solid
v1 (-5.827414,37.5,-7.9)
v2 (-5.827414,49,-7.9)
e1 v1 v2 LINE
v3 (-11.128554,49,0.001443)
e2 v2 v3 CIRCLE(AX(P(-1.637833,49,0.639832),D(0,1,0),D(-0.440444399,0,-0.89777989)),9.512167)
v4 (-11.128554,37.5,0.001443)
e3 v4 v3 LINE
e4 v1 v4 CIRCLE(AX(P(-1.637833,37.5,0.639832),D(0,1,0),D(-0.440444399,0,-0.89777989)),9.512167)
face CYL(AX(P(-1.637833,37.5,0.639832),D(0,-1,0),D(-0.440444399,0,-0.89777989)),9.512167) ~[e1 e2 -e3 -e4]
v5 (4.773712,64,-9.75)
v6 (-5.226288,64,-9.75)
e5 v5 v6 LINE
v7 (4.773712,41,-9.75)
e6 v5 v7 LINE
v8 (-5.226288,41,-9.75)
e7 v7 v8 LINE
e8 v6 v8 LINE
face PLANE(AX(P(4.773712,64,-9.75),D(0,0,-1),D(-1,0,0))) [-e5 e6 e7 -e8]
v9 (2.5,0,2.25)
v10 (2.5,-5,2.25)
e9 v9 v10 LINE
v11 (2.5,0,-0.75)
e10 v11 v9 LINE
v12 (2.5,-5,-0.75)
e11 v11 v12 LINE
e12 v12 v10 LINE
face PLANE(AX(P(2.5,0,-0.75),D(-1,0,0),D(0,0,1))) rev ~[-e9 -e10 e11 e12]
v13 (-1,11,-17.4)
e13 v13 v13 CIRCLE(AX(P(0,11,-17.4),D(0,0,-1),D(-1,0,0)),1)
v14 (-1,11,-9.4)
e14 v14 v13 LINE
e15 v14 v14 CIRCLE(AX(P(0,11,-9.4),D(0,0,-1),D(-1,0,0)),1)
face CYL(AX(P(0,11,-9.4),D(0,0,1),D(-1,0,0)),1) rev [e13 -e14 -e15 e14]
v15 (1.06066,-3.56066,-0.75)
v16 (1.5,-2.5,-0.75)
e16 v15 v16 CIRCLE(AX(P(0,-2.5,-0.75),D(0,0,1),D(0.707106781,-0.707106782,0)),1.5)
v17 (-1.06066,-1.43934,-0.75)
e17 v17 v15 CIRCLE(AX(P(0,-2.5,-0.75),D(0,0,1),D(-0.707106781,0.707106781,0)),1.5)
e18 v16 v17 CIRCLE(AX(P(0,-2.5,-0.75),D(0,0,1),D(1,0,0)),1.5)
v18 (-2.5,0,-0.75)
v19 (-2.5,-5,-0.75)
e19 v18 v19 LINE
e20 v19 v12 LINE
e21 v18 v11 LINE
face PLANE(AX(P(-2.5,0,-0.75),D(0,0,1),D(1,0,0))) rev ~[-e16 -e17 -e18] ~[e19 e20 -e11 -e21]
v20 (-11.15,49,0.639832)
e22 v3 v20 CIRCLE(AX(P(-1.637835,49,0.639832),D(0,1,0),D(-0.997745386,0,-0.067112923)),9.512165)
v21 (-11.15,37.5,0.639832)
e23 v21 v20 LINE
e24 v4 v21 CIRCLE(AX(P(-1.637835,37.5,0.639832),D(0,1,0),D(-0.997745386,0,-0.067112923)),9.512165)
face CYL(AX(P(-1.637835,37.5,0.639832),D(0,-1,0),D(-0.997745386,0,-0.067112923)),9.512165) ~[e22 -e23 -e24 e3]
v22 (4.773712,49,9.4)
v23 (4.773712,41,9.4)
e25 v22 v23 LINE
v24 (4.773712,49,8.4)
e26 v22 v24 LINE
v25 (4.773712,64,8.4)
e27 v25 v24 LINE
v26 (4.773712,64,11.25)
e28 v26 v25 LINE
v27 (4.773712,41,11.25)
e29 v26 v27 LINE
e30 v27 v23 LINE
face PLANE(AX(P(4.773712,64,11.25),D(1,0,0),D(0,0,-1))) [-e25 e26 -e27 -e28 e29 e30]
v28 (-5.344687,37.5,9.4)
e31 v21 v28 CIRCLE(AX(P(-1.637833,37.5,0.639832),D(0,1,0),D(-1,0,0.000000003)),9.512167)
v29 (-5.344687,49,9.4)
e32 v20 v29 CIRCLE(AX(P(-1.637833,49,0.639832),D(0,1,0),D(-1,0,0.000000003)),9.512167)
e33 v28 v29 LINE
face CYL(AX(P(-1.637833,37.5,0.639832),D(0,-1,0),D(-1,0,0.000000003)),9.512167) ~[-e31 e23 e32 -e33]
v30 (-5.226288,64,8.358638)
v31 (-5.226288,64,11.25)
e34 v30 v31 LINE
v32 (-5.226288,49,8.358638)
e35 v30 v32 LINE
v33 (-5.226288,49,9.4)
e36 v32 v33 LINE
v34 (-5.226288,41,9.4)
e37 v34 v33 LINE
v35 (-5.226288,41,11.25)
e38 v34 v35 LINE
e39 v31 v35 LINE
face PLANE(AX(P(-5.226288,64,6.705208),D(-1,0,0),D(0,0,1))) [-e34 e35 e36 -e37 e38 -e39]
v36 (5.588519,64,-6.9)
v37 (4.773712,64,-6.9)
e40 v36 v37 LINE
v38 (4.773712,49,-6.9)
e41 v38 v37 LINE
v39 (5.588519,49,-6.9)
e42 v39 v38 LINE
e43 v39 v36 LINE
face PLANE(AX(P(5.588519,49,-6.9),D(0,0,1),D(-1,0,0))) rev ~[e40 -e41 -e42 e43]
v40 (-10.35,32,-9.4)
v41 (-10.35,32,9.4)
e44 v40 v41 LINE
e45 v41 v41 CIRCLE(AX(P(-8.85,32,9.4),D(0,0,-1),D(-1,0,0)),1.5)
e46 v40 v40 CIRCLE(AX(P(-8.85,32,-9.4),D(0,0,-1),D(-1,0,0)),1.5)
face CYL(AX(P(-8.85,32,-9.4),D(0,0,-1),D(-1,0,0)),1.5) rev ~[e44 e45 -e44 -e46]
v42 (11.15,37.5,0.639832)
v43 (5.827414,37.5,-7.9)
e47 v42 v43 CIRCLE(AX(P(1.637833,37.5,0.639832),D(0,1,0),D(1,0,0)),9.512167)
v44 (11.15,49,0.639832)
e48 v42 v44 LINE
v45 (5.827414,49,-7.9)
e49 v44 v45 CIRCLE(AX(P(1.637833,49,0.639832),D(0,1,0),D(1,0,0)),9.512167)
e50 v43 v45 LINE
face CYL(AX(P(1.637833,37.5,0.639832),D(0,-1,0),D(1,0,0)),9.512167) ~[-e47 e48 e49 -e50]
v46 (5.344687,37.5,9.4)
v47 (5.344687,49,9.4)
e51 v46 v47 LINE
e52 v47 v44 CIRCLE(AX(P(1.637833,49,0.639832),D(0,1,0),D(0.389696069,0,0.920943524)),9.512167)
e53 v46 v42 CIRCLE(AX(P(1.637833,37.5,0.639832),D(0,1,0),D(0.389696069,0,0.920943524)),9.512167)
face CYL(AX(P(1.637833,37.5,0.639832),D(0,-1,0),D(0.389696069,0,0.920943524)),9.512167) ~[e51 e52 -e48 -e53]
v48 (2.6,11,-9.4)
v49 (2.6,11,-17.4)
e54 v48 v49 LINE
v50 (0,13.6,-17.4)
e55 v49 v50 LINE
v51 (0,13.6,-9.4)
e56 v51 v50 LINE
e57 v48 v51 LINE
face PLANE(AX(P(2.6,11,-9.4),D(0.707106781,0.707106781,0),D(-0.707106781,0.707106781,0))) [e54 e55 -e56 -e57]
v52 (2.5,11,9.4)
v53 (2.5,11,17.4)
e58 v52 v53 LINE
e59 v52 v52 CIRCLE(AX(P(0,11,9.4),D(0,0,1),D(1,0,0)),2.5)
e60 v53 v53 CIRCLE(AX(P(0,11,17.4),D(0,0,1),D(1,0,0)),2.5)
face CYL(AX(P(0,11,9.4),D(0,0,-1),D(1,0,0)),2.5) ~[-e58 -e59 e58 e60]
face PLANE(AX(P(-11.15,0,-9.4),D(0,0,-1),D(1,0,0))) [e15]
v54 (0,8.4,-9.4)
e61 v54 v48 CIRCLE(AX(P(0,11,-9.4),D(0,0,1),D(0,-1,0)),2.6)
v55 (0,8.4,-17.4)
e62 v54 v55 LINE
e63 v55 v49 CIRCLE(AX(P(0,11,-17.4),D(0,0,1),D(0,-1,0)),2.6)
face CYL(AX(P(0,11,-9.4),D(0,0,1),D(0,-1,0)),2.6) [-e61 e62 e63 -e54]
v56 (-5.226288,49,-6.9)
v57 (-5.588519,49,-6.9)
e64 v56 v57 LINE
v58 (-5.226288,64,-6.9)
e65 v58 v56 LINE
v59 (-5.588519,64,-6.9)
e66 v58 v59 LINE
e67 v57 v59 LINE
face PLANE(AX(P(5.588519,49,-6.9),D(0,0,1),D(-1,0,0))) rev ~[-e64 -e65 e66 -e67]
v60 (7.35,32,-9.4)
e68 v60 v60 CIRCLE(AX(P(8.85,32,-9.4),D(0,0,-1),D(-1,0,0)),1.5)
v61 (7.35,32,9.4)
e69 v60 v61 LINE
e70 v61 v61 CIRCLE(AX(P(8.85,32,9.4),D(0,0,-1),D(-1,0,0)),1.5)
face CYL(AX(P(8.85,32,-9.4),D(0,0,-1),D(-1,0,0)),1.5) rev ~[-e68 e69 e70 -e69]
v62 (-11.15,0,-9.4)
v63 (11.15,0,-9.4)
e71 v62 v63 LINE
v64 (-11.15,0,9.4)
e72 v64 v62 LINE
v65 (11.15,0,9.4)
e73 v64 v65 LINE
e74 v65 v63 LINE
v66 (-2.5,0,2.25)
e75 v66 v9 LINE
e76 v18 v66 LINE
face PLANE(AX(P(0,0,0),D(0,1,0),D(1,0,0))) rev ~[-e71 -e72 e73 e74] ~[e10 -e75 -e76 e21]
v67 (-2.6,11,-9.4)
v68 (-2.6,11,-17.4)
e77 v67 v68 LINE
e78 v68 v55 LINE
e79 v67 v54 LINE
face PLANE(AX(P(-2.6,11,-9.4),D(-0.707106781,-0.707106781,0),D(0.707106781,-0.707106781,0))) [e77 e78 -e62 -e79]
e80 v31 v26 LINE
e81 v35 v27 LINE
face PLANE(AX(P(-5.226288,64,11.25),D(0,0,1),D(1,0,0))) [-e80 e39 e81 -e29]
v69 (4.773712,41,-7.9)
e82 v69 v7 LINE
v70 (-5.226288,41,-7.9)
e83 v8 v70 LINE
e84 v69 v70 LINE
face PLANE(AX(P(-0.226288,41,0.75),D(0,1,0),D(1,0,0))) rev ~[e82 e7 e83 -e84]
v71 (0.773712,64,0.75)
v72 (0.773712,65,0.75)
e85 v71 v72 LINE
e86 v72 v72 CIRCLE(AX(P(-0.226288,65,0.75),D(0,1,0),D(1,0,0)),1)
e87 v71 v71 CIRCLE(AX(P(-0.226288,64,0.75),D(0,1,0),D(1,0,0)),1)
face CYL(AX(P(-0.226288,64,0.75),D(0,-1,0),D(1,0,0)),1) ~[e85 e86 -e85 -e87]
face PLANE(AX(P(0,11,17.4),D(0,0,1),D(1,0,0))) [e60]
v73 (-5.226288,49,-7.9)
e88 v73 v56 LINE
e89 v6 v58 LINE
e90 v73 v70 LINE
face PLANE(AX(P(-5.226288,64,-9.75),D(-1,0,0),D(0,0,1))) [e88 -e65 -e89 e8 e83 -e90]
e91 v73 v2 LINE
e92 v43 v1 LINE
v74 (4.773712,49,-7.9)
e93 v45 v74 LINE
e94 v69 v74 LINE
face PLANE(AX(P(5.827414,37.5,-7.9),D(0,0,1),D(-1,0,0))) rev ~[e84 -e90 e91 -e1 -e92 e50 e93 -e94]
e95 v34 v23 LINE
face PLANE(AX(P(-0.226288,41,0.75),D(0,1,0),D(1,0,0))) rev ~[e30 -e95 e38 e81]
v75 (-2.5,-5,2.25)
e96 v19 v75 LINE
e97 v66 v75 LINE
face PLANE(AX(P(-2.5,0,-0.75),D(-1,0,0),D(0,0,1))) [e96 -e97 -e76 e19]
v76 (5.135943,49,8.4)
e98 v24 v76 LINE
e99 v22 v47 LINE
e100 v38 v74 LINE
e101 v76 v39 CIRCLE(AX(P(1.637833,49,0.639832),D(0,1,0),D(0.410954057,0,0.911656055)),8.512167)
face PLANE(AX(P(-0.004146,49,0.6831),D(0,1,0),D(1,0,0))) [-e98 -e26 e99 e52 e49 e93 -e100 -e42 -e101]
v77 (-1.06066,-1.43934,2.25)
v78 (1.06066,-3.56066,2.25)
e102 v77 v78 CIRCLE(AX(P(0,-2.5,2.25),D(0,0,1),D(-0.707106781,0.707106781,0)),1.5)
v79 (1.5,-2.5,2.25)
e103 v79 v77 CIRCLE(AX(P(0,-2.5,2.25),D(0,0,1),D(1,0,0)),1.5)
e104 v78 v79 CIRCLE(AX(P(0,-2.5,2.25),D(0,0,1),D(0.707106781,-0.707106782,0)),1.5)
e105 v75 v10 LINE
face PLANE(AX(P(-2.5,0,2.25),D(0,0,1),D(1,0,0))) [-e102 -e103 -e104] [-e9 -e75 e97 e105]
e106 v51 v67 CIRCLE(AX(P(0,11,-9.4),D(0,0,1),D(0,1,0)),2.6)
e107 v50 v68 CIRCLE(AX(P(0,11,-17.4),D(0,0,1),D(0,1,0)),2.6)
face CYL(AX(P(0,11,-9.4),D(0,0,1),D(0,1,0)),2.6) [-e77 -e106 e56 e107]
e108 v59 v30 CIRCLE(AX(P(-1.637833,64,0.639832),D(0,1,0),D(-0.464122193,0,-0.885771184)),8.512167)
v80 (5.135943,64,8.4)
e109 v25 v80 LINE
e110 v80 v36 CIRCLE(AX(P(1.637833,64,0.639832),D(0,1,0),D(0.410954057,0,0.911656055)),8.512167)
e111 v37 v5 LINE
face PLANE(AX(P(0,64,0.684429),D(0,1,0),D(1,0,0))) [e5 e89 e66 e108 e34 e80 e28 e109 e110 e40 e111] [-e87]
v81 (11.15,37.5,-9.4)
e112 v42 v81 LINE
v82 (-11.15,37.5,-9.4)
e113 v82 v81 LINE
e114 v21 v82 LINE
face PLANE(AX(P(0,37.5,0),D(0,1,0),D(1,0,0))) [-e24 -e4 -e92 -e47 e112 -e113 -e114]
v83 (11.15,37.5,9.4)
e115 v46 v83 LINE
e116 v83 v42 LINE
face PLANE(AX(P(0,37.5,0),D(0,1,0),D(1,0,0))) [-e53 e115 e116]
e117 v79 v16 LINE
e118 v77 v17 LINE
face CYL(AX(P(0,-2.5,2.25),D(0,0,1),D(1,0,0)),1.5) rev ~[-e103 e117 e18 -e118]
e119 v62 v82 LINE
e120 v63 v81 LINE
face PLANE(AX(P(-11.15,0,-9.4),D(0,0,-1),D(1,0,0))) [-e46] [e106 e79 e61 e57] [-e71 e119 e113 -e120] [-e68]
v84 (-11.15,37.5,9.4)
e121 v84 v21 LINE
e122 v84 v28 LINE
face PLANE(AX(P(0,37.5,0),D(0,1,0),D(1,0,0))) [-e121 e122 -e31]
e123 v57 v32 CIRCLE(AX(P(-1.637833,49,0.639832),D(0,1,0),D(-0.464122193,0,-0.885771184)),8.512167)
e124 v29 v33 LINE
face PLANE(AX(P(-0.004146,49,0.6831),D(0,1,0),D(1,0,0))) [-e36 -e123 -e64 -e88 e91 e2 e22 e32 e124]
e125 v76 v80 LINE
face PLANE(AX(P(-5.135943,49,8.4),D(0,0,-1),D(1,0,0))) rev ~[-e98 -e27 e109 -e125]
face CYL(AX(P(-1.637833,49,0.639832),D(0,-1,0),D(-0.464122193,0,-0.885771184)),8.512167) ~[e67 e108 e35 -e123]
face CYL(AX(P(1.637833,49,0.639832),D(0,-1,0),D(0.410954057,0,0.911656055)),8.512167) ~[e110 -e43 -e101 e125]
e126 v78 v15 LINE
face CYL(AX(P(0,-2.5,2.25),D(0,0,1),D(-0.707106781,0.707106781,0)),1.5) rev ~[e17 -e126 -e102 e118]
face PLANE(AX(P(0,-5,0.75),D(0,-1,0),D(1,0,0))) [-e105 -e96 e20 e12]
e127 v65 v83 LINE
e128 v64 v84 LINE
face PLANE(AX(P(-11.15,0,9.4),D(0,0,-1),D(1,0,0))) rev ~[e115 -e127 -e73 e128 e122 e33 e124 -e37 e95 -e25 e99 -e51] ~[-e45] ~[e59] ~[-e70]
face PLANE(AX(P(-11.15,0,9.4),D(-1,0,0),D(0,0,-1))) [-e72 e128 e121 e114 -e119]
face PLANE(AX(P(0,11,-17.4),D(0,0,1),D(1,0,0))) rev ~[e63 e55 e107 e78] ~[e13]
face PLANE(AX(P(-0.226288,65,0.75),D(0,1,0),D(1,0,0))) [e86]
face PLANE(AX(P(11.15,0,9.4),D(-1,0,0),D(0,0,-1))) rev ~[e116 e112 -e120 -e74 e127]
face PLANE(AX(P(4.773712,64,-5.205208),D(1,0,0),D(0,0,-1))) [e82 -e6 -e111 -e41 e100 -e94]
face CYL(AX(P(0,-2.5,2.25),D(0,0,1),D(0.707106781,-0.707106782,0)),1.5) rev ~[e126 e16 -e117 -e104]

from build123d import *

# Parameters (mm, degrees)
SKETCH_1_W          = 22.3
SKETCH_1_H          = 18.8
EXTRUDE_1_DEPTH     = 37.5
EXTRUDE_2_DEPTH     = 11.5
EXTRUDE_3_DEPTH     = 15
SKETCH_6_R          = 1
EXTRUDE_5_DEPTH     = 1
SKETCH_7_W          = 5
SKETCH_7_H          = 3
EXTRUDE_6_DEPTH     = 5
CUT_EXTRUDE_1_DEPTH = 12.65
SKETCH_9_R          = 1
EXTRUDE_7_DEPTH     = 8
SKETCH_10_R         = 2.5
EXTRUDE_8_DEPTH     = 8
EXTRUDE_9_DEPTH     = 23
SKETCH_12_R         = 1.5
CUT_EXTRUDE_2_DEPTH = 27.8


with BuildPart() as part:
    # 草图1 → 凸台-拉伸1 (new body)
    with BuildSketch(Plane(origin=(0, 0, 0), x_dir=(1, 0, 0), z_dir=(0, 1, 0))):
        Rectangle(SKETCH_1_W, SKETCH_1_H)
    extrude(amount=EXTRUDE_1_DEPTH)

    # 草图2 → 凸台-拉伸2 (add)
    with BuildSketch(Plane(origin=(0, 37.5, 0), x_dir=(1, 0, 0), z_dir=(0, 1, 0))):
        with BuildLine():
            Line((-5.34468737, -9.4), (5.34468737, -9.4))
            ThreePointArc((5.34468737, -9.4), (9.566941985, -5.894406054), (11.15, -0.63983183))
            ThreePointArc((11.15, -0.63983183), (9.710419772, 4.391536027), (5.827413939, 7.9))
            Line((5.827413939, 7.9), (0, 7.9))
            Line((0, 7.9), (-5.827413939, 7.9))
            ThreePointArc((-5.827413939, 7.9), (-9.536938213, 4.659739509), (-11.12855374, -0.001442574))
            ThreePointArc((-11.12855374, -0.001442574), (-11.144636924, -0.320457147), (-11.15, -0.639831856))
            ThreePointArc((-11.15, -0.639831856), (-9.566941978, -5.894406065), (-5.34468737, -9.4))
        make_face()
    extrude(amount=EXTRUDE_2_DEPTH)

    # 草图3 → 凸台-拉伸3 (add)
    with BuildSketch(Plane(origin=(0, 49, 0), x_dir=(1, 0, 0), z_dir=(0, 1, 0))):
        with BuildLine():
            Line((-5.135942831, -8.4), (5.135942831, -8.4))
            ThreePointArc((5.135942831, -8.4), (10.146278436, -0.891512764), (5.588518865, 6.9))
            Line((5.588518865, 6.9), (-5.588518865, 6.9))
            ThreePointArc((-5.588518865, 6.9), (-10.146278436, -0.891512764), (-5.135942831, -8.4))
        make_face()
    extrude(amount=EXTRUDE_3_DEPTH)

    # 草图6 → 凸台-拉伸5 (add)
    with BuildSketch(Plane(origin=(0, 64, 0), x_dir=(1, 0, 0), z_dir=(0, 1, 0))):
        with Locations((-0.226288017, -0.75)):
            Circle(SKETCH_6_R)
    extrude(amount=EXTRUDE_5_DEPTH)

    # 草图7 → 凸台-拉伸6 (add)
    with BuildSketch(Plane.XZ):
        with Locations((0, 0.75)):
            Rectangle(SKETCH_7_W, SKETCH_7_H)
    extrude(amount=EXTRUDE_6_DEPTH)

    # 草图8 → 切除-拉伸1 (cut, through all)
    with BuildSketch(Plane.XY.offset(2.25)):
        with BuildLine():
            ThreePointArc((1.5, -2.5), (0.574025149, -1.114180701), (-1.060660172, -1.439339828))
            Line((-1.060660172, -1.439339828), (1.060660172, -3.560660172))
            ThreePointArc((1.060660172, -3.560660172), (1.385819299, -3.074025149), (1.5, -2.5))
        make_face()
        with BuildLine():
            Line((1.060660172, -3.560660172), (-1.060660172, -1.439339828))
            ThreePointArc((-1.060660172, -1.439339828), (-1.060660172, -3.560660172), (1.060660172, -3.560660172))
        make_face()
    extrude(amount=-CUT_EXTRUDE_1_DEPTH, mode=Mode.SUBTRACT)

    # 草图9 → 凸台-拉伸7 (add)
    with BuildSketch(Plane(origin=(0, 0, -9.4), x_dir=(-1, 0, 0), z_dir=(0, 0, -1))):
        with BuildLine():
            Line((2.6, 11), (0, 8.4))
            ThreePointArc((0, 8.4), (-1.838477631, 9.161522369), (-2.6, 11))
            Line((-2.6, 11), (0, 13.6))
            ThreePointArc((0, 13.6), (1.838477631, 12.838477631), (2.6, 11))
        make_face()
        with Locations((0, 11)):
            Circle(SKETCH_9_R, mode=Mode.SUBTRACT)
    extrude(amount=EXTRUDE_7_DEPTH)

    # 草图10 → 凸台-拉伸8 (add)
    with BuildSketch(Plane.XY.offset(9.4)):
        with Locations((0, 11)):
            Circle(SKETCH_10_R)
    extrude(amount=EXTRUDE_8_DEPTH)

    # 草图11 → 凸台-拉伸9 (add)
    with BuildSketch(Plane(origin=(0, 64, 0), x_dir=(1, 0, 0), z_dir=(0, 1, 0))):
        with BuildLine():
            Line((-5.226288017, -6.705208095), (-5.226288017, -11.25))
            Line((-5.226288017, -11.25), (4.773711983, -11.25))
            Line((4.773711983, -11.25), (4.773711983, -6.705208095))
            ThreePointArc((4.773711983, -6.705208095), (7.549604437, -0.75), (4.773711983, 5.205208095))
            Line((4.773711983, 5.205208095), (4.773711983, 9.75))
            Line((4.773711983, 9.75), (-0.226288017, 9.75))
            Line((-0.226288017, 9.75), (-5.226288017, 9.75))
            Line((-5.226288017, 9.75), (-5.226288017, 5.205208095))
            ThreePointArc((-5.226288017, 5.205208095), (-8.002180472, -0.75), (-5.226288017, -6.705208095))
        make_face()
    extrude(amount=-EXTRUDE_9_DEPTH)

    # 草图12 → 切除-拉伸2 (cut, through all)
    with BuildSketch(Plane(origin=(0, 0, -9.4), x_dir=(-1, 0, 0), z_dir=(0, 0, -1))):
        with Locations((-8.85, 32)):
            Circle(SKETCH_12_R)
        with Locations((8.85, 32)):
            Circle(SKETCH_12_R)
    extrude(amount=-CUT_EXTRUDE_2_DEPTH, mode=Mode.SUBTRACT)


solid = part.part
